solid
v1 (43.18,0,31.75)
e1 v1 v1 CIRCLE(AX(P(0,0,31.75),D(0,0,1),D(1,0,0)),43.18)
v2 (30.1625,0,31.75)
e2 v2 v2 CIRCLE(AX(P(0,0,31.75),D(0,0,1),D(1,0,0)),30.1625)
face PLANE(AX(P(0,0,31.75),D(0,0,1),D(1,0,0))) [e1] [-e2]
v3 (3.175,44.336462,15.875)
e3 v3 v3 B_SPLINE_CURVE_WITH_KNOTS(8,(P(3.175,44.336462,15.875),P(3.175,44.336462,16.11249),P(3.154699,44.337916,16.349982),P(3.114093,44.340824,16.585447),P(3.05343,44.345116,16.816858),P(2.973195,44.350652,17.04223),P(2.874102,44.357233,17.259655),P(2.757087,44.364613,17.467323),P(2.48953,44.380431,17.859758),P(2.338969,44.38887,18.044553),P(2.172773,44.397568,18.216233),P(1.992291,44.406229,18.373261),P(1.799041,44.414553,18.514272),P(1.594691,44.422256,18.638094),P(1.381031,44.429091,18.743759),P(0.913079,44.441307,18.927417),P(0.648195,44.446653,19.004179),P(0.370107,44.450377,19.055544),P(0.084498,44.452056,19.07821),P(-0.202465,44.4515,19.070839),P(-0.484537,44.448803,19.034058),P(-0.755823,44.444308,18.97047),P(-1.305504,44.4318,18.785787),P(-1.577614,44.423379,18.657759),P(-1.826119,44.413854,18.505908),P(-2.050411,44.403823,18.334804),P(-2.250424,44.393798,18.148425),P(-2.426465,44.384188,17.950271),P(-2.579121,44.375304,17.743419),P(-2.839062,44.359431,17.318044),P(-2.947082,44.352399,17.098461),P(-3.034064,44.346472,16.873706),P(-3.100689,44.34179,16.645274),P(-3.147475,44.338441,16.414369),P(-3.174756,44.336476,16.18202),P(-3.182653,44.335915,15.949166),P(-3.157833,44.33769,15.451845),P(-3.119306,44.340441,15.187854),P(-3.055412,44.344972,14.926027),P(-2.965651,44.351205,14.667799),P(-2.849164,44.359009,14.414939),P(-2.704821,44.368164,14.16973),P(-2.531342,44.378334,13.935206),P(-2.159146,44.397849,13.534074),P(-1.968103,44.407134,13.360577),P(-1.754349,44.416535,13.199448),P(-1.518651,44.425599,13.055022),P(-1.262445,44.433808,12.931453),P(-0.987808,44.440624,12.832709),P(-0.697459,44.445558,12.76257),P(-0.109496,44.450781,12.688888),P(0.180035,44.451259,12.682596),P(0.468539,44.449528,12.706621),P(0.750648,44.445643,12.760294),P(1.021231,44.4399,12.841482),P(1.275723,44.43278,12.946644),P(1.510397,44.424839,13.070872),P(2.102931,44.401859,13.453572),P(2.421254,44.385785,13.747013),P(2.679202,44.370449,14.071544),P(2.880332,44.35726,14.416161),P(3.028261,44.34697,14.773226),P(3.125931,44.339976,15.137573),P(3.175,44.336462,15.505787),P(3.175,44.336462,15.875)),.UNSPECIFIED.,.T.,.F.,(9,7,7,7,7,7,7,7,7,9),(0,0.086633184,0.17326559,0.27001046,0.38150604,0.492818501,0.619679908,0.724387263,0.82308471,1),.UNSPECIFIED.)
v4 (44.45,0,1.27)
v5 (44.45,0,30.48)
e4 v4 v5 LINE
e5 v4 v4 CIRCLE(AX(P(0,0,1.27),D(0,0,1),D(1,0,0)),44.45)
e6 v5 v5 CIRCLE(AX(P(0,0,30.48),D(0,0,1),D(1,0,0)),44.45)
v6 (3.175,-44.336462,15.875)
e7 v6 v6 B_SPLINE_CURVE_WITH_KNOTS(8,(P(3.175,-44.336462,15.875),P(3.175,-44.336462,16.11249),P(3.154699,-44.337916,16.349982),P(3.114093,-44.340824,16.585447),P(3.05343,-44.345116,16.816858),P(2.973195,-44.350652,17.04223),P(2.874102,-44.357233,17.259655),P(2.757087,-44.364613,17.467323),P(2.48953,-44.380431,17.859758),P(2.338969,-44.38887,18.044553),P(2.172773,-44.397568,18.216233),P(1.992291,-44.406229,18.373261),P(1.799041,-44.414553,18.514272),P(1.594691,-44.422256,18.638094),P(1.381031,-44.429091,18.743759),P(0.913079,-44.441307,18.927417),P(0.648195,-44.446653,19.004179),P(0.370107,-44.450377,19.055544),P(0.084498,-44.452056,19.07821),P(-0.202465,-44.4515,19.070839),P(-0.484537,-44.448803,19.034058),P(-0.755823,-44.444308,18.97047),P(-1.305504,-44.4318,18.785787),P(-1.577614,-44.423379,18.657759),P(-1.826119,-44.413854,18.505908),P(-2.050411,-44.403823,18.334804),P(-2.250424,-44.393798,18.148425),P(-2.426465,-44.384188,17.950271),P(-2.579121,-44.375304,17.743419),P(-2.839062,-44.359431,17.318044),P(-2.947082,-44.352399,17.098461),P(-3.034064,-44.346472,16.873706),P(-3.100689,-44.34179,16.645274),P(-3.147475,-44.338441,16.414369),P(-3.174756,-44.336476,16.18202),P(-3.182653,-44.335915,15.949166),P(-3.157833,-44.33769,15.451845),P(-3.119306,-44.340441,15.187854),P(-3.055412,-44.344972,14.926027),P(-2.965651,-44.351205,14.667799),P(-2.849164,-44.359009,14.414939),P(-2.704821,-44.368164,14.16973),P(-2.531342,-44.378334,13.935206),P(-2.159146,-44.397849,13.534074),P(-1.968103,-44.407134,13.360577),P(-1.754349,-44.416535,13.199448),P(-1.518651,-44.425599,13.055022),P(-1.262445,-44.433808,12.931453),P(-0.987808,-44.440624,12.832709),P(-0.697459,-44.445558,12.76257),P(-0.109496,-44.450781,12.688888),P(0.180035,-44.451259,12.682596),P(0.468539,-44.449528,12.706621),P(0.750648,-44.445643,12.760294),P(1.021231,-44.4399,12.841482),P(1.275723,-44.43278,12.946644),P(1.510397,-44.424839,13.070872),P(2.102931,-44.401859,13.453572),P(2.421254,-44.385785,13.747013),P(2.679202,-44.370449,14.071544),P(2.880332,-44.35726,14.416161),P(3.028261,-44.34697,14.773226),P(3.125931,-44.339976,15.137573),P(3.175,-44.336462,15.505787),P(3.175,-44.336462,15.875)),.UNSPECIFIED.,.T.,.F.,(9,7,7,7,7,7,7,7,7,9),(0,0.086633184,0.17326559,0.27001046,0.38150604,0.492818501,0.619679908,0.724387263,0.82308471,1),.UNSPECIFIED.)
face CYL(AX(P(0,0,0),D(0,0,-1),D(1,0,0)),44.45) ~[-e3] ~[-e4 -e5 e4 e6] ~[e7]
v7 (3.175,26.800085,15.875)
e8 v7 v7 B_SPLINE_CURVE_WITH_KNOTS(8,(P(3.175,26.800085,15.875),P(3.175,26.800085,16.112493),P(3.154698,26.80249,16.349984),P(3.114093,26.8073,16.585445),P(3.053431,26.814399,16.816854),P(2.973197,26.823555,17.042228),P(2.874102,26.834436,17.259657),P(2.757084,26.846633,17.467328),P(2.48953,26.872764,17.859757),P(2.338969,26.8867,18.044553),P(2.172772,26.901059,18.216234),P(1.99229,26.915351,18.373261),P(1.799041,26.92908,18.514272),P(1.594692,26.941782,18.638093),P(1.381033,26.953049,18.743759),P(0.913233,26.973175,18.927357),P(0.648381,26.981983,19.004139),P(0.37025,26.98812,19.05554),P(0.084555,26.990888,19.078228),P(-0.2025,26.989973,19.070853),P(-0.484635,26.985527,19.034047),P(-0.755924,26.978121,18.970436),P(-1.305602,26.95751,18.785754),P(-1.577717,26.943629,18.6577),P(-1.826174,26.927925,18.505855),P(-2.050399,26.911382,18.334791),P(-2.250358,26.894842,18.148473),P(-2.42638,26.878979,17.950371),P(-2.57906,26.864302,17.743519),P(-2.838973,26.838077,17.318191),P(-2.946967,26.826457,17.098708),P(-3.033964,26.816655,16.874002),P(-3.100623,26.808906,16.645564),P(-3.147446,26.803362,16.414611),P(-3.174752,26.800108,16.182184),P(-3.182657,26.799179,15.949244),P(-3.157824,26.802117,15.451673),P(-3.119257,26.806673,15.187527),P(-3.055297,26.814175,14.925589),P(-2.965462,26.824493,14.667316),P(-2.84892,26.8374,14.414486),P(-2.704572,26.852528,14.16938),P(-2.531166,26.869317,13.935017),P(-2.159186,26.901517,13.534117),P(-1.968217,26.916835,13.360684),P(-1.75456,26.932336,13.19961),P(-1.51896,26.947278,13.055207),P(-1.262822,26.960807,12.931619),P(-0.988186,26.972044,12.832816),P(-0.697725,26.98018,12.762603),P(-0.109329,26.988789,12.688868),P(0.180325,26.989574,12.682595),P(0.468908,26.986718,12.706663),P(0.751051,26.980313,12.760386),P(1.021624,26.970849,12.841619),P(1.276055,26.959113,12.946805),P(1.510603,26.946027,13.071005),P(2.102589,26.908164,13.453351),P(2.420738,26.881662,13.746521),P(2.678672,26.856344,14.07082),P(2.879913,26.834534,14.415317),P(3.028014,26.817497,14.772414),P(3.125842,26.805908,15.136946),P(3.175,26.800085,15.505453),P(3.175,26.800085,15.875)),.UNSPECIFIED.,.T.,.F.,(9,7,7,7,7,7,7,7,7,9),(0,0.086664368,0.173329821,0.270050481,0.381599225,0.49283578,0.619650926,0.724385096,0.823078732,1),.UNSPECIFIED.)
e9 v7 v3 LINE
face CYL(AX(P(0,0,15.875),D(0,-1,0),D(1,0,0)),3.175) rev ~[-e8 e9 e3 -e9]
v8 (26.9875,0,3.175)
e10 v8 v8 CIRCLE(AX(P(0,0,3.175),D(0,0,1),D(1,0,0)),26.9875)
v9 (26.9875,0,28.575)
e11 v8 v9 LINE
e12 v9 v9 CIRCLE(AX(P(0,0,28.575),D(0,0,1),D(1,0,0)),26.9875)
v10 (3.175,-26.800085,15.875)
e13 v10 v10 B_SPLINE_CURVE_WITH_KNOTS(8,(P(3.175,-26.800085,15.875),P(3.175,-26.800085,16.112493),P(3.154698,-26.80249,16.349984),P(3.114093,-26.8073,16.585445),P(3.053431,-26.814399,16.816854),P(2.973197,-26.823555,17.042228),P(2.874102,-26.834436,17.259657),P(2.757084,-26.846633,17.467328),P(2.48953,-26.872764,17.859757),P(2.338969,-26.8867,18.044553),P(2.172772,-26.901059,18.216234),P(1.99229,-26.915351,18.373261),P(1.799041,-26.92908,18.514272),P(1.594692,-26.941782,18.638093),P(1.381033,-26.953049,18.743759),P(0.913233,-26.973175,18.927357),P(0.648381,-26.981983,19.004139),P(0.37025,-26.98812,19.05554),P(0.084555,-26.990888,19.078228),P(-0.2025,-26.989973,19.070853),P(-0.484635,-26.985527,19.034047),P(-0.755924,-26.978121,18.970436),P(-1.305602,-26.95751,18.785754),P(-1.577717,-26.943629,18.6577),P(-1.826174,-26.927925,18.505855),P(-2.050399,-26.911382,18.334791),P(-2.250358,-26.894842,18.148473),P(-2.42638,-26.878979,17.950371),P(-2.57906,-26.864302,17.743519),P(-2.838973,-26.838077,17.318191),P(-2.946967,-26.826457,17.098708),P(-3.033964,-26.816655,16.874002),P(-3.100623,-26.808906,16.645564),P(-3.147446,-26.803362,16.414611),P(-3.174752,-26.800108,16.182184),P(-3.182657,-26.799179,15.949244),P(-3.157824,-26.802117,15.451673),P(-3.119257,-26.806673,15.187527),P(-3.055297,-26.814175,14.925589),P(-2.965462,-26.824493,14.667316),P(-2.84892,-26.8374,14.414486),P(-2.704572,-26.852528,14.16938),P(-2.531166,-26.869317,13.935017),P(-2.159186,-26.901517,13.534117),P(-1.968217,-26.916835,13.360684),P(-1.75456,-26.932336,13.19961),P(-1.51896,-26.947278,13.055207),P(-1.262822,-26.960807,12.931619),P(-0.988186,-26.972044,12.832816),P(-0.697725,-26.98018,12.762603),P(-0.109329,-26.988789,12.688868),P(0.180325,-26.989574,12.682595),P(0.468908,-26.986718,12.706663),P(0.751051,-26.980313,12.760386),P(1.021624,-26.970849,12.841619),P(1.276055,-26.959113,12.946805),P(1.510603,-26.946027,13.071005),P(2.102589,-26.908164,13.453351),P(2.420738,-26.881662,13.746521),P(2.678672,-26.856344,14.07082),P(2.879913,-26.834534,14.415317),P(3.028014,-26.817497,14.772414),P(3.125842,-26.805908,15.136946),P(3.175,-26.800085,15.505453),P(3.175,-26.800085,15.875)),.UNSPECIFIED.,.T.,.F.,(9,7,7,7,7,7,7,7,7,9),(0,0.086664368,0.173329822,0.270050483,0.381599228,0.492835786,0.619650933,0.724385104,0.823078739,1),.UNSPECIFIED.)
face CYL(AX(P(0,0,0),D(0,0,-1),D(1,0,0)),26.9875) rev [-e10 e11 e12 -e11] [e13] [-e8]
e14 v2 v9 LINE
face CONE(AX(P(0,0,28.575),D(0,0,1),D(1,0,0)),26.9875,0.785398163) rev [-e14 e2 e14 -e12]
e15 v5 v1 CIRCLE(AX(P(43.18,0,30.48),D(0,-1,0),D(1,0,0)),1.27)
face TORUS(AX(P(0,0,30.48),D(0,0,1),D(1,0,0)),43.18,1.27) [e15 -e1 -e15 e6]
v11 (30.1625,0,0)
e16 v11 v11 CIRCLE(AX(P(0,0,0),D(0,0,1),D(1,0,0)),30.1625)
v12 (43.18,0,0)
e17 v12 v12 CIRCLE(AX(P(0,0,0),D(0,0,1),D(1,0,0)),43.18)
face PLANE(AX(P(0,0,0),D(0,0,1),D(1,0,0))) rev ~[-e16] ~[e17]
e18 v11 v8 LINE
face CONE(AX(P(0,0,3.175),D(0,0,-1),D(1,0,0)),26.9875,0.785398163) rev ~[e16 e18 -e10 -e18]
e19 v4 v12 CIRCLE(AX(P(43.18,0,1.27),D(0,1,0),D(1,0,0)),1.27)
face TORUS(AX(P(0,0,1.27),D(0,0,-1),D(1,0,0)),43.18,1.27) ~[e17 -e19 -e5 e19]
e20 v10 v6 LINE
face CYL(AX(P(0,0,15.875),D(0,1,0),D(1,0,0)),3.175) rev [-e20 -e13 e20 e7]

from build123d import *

# Parameters (mm, degrees)
F0_R          = 44.45
F0_R_2        = 26.9875
F1_DEPTH      = 31.75
F2_R          = 3.175
F3_DEPTH      = 44.451
F3_DEPTH_BACK = 44.451
F4_R          = 1.27
F5_SIZE       = 3.175


with BuildPart() as f1:
    # F0 (on Top) → F1 (new body)
    with BuildSketch(Plane.XY):
        Circle(F0_R)
        Circle(F0_R_2, mode=Mode.SUBTRACT)
    extrude(amount=F1_DEPTH)

    # F2 (on Front) → F3 (cut, two sides)
    with BuildSketch(Plane.XZ) as f3_sk:
        with Locations((0, 15.875)):
            Circle(F2_R)
    extrude(amount=-F3_DEPTH, mode=Mode.SUBTRACT)
    extrude(f3_sk.sketch, amount=F3_DEPTH_BACK, mode=Mode.SUBTRACT)

    # F4
    f4_edges = [f1.edges().sort_by_distance(p)[0] for p in [
        (-44.45, 0, 31.75),
        (-44.45, 0, 0),
    ]]
    fillet(f4_edges, radius=F4_R)

    # F5
    f5_edges = [f1.edges().sort_by_distance(p)[0] for p in [
        (-26.9875, 0, 31.75),
        (-26.9875, 0, 0),
    ]]
    chamfer(f5_edges, length=F5_SIZE)


solid = f1.part
